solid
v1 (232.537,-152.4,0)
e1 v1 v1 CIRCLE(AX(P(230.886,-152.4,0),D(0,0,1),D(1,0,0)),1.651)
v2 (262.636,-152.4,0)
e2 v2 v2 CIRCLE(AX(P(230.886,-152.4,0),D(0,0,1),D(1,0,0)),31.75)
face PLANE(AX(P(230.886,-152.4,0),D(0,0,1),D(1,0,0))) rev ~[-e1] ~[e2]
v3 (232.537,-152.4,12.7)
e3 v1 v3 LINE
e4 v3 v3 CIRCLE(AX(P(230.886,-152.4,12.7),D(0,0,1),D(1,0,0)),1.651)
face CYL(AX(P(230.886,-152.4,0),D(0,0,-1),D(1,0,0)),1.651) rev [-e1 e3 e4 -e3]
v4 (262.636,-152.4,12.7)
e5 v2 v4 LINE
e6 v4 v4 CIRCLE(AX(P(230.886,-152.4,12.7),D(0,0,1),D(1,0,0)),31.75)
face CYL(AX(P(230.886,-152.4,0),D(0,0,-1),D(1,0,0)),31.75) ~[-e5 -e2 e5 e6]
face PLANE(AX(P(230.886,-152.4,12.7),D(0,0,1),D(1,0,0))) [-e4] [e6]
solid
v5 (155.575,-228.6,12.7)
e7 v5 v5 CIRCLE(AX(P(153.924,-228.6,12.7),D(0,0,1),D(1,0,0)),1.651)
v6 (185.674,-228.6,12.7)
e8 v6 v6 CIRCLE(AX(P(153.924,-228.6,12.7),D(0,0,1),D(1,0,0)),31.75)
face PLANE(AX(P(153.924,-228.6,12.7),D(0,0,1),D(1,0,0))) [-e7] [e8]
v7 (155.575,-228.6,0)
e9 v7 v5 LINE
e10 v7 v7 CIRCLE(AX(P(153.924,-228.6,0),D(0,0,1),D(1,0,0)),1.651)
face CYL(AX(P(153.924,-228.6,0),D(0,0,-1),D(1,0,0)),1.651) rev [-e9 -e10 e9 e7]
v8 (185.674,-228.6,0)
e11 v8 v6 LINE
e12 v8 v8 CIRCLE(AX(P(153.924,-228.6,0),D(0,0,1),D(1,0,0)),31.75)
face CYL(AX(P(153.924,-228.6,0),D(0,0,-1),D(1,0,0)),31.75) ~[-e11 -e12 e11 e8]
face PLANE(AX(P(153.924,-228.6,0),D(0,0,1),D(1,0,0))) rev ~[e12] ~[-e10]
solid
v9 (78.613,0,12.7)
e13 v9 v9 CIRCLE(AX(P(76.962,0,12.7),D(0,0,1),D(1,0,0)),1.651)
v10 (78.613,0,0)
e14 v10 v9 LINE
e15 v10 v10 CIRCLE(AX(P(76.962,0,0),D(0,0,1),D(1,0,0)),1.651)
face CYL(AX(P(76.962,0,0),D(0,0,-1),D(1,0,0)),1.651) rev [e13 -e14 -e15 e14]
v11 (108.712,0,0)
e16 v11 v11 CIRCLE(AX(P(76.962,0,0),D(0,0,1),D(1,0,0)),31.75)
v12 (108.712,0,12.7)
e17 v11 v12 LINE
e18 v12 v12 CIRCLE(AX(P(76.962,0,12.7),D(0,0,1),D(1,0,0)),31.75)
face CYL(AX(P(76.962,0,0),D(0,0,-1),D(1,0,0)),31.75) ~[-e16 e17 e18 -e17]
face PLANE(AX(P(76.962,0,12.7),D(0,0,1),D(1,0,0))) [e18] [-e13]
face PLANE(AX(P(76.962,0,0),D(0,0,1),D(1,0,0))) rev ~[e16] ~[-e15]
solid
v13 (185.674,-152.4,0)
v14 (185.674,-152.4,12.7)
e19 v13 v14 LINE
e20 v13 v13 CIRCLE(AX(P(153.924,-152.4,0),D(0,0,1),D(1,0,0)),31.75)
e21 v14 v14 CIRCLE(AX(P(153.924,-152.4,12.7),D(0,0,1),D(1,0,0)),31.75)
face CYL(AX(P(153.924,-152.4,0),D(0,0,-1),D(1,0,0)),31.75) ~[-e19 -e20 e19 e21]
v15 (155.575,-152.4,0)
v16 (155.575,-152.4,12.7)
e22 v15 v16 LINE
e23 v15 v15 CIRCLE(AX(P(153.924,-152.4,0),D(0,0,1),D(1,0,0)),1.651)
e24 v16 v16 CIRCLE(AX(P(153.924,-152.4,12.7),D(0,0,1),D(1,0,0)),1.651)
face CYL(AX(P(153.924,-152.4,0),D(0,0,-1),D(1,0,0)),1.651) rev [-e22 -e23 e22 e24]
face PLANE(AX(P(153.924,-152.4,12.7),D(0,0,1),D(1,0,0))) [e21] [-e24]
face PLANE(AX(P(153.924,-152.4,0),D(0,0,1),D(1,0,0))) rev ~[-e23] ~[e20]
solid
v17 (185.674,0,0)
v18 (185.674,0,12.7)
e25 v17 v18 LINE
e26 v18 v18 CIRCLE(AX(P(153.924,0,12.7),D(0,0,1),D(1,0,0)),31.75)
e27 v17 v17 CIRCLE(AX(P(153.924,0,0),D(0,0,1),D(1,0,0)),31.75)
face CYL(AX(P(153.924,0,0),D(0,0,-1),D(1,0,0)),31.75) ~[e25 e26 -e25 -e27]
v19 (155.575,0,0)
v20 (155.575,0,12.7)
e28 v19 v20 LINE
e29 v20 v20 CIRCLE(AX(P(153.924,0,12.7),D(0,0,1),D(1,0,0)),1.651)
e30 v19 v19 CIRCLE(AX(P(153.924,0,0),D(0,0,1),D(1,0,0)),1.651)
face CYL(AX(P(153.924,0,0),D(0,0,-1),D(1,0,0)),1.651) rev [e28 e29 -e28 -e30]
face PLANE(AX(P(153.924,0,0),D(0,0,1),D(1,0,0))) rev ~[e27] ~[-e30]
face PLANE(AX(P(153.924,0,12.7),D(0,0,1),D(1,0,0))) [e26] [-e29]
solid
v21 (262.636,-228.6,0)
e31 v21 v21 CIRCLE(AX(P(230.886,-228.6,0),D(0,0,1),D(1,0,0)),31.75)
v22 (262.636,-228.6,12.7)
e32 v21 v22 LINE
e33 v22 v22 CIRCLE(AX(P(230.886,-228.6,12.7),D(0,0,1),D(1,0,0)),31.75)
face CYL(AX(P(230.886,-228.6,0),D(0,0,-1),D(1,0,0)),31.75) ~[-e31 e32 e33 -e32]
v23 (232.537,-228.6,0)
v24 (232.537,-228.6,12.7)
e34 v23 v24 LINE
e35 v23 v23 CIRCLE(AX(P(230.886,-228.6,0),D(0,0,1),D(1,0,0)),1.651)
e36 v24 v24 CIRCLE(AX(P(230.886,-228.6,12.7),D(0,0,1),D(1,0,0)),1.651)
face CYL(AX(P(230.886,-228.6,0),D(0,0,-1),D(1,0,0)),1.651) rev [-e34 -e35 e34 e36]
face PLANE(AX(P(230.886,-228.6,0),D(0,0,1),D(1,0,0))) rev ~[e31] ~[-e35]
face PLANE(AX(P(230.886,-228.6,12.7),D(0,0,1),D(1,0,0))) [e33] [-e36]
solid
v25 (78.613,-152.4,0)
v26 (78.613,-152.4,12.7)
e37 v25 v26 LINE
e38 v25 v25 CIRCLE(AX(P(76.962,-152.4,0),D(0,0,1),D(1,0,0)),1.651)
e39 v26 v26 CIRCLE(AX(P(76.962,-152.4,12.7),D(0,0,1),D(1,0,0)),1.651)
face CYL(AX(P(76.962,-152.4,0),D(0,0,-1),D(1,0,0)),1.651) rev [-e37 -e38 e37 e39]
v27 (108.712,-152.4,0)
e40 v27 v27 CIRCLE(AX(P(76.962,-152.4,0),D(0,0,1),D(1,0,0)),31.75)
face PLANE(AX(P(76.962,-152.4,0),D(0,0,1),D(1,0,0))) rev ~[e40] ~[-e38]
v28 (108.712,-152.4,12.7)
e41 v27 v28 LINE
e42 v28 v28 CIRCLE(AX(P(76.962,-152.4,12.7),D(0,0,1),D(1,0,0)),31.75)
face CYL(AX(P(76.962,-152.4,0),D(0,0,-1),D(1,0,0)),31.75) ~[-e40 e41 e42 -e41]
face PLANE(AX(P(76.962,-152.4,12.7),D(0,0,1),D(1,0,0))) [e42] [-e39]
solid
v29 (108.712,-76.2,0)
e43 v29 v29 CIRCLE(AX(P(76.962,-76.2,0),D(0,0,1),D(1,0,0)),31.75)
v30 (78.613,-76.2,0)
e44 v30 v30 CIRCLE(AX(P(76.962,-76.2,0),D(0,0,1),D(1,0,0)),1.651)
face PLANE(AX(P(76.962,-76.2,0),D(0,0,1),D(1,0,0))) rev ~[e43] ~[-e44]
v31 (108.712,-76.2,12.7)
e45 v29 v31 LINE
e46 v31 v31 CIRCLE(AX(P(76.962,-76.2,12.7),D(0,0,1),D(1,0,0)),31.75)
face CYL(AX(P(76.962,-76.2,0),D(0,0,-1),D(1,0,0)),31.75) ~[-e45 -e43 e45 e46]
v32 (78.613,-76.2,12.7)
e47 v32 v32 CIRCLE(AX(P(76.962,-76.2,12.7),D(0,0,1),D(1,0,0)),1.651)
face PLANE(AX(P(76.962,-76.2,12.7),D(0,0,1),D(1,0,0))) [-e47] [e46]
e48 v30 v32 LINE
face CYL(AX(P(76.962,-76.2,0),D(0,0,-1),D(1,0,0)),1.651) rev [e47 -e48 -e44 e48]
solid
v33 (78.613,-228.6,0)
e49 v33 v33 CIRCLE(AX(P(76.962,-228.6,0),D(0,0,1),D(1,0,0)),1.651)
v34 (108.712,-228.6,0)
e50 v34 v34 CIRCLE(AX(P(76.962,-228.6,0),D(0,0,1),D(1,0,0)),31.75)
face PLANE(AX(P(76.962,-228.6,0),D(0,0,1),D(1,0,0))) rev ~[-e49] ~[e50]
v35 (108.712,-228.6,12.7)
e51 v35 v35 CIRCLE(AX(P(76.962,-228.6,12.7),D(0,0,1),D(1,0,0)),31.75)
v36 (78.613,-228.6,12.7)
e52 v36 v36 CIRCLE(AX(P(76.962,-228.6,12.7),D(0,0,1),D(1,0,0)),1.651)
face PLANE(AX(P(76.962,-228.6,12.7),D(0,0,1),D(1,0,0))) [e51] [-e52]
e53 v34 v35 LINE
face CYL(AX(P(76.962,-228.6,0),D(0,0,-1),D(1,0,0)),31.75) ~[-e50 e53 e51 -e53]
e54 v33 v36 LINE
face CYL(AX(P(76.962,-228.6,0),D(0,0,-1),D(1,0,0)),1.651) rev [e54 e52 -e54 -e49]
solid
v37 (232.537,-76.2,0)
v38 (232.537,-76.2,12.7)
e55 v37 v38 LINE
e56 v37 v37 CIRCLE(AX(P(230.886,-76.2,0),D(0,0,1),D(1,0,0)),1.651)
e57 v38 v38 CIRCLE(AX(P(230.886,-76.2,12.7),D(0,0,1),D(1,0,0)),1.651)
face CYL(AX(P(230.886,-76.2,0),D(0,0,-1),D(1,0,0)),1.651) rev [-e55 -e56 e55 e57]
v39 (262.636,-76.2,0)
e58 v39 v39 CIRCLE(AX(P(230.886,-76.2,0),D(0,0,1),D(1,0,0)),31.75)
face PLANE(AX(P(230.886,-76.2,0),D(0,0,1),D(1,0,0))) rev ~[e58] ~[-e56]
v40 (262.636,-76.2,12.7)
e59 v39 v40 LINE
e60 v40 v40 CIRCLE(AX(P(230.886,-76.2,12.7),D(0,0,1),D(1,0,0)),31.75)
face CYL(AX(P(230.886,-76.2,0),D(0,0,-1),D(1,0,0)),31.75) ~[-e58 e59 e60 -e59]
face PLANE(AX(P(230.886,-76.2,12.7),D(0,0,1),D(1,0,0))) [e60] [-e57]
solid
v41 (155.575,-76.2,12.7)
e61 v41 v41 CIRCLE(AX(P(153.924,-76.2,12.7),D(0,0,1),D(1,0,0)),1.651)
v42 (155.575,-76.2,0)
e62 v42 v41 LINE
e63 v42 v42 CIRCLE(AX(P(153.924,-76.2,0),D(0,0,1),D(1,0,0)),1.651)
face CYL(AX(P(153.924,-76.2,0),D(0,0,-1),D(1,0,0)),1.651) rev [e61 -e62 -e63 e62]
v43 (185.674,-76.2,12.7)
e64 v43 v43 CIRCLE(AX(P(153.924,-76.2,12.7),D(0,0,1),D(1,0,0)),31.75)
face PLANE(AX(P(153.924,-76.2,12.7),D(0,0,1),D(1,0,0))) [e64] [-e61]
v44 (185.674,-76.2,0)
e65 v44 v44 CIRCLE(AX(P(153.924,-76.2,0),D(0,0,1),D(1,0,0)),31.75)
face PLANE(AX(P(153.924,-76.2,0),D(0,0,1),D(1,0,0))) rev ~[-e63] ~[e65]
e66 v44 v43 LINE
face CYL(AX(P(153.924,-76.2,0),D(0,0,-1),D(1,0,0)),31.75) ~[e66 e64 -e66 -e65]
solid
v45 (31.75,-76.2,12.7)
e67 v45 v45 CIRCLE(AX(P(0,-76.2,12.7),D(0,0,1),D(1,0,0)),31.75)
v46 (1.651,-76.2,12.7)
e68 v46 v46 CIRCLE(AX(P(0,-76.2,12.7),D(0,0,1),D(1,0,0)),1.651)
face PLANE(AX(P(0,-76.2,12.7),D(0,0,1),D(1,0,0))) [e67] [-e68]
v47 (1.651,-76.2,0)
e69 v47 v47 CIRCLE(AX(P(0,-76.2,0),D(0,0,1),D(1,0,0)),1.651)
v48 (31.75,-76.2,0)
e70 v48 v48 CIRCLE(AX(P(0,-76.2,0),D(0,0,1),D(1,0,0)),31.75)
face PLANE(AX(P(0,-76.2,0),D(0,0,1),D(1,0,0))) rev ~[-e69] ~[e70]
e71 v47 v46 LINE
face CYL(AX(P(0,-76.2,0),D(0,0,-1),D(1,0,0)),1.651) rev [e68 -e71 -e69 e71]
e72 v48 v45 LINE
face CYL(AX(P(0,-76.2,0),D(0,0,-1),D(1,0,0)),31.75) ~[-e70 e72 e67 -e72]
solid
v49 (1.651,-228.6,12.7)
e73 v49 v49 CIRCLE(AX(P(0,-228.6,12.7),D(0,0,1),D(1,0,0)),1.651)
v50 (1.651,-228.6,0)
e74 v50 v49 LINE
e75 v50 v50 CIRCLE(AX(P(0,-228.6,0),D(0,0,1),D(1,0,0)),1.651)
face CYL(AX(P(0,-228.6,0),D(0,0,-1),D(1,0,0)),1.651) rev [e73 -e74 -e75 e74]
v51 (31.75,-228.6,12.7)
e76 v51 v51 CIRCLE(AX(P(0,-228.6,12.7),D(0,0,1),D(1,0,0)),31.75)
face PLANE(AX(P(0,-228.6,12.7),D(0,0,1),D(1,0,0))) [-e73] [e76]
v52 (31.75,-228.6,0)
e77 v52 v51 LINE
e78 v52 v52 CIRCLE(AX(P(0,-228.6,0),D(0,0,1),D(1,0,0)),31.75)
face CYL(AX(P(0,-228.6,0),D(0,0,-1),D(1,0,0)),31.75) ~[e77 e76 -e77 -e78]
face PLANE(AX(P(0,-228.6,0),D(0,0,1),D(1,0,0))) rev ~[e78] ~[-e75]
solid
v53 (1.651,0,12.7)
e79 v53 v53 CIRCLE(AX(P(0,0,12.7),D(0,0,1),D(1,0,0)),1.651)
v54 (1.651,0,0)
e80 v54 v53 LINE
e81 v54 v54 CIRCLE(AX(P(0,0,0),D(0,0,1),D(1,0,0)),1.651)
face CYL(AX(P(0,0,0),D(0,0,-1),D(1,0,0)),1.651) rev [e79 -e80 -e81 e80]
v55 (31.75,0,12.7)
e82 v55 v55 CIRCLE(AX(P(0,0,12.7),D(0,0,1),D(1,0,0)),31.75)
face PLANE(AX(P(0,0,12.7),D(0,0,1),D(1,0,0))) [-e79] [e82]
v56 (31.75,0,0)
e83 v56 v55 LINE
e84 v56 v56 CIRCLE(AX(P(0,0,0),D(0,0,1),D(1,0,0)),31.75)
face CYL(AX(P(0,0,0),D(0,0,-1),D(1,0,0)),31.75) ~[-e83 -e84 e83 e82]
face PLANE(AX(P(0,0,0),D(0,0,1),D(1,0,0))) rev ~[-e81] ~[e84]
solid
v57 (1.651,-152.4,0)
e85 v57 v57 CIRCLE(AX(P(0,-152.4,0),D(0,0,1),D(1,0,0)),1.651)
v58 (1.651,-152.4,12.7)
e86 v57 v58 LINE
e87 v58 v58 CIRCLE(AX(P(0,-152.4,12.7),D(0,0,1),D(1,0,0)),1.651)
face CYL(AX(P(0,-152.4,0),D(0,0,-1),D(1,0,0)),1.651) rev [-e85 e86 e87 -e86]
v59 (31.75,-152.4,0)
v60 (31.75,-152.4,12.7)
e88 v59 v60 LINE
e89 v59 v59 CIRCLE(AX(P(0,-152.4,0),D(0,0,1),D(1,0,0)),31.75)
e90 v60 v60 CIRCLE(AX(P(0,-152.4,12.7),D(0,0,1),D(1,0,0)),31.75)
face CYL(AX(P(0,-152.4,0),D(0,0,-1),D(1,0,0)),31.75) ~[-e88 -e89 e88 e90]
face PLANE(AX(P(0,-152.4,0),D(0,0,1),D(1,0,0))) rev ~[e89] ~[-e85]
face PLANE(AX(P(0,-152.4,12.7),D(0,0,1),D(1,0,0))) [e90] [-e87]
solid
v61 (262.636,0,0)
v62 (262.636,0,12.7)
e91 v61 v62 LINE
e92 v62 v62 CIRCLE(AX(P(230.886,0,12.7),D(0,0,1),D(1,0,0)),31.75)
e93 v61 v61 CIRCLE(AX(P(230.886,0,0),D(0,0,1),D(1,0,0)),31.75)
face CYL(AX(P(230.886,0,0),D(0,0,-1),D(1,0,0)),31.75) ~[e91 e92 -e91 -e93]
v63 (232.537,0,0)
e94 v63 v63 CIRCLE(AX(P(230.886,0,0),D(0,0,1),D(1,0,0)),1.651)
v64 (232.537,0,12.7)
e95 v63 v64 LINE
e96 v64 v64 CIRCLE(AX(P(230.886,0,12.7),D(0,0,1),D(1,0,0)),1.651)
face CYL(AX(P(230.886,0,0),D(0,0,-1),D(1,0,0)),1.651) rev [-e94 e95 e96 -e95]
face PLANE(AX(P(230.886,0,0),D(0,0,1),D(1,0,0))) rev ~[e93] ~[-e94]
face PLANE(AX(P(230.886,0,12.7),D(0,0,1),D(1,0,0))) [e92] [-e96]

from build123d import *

# Parameters (mm, degrees)
F0_R     = 31.75
F0_R_2   = 1.651
F1_DEPTH = 12.7


with BuildPart() as f1:
    # F0 (on Top) → F1 (new body)
    with BuildSketch(Plane.XY):
        Circle(F0_R)
        Circle(F0_R_2, mode=Mode.SUBTRACT)
        with Locations((76.962, 0)):
            Circle(F0_R)
        with Locations((76.962, 0)):
            Circle(F0_R_2, mode=Mode.SUBTRACT)
        with Locations((153.924, 0)):
            Circle(F0_R)
        with Locations((153.924, 0)):
            Circle(F0_R_2, mode=Mode.SUBTRACT)
        with Locations((230.886, 0)):
            Circle(F0_R)
        with Locations((230.886, 0)):
            Circle(F0_R_2, mode=Mode.SUBTRACT)
        with Locations((230.886, -76.2)):
            Circle(F0_R)
        with Locations((230.886, -76.2)):
            Circle(F0_R_2, mode=Mode.SUBTRACT)
        with Locations((153.924, -76.2)):
            Circle(F0_R)
        with Locations((153.924, -76.2)):
            Circle(F0_R_2, mode=Mode.SUBTRACT)
        with Locations((76.962, -76.2)):
            Circle(F0_R)
        with Locations((76.962, -76.2)):
            Circle(F0_R_2, mode=Mode.SUBTRACT)
        with Locations((0, -76.2)):
            Circle(F0_R)
        with Locations((0, -76.2)):
            Circle(F0_R_2, mode=Mode.SUBTRACT)
        with Locations((0, -152.4)):
            Circle(F0_R)
        with Locations((0, -152.4)):
            Circle(F0_R_2, mode=Mode.SUBTRACT)
        with Locations((76.962, -152.4)):
            Circle(F0_R)
        with Locations((76.962, -152.4)):
            Circle(F0_R_2, mode=Mode.SUBTRACT)
        with Locations((153.924, -152.4)):
            Circle(F0_R)
        with Locations((153.924, -152.4)):
            Circle(F0_R_2, mode=Mode.SUBTRACT)
        with Locations((230.886, -152.4)):
            Circle(F0_R)
        with Locations((230.886, -152.4)):
            Circle(F0_R_2, mode=Mode.SUBTRACT)
        with Locations((230.886, -228.6)):
            Circle(F0_R)
        with Locations((230.886, -228.6)):
            Circle(F0_R_2, mode=Mode.SUBTRACT)
        with Locations((153.924, -228.6)):
            Circle(F0_R)
        with Locations((153.924, -228.6)):
            Circle(F0_R_2, mode=Mode.SUBTRACT)
        with Locations((76.962, -228.6)):
            Circle(F0_R)
        with Locations((76.962, -228.6)):
            Circle(F0_R_2, mode=Mode.SUBTRACT)
        with Locations((0, -228.6)):
            Circle(F0_R)
        with Locations((0, -228.6)):
            Circle(F0_R_2, mode=Mode.SUBTRACT)
    extrude(amount=F1_DEPTH)


solid = f1.part
